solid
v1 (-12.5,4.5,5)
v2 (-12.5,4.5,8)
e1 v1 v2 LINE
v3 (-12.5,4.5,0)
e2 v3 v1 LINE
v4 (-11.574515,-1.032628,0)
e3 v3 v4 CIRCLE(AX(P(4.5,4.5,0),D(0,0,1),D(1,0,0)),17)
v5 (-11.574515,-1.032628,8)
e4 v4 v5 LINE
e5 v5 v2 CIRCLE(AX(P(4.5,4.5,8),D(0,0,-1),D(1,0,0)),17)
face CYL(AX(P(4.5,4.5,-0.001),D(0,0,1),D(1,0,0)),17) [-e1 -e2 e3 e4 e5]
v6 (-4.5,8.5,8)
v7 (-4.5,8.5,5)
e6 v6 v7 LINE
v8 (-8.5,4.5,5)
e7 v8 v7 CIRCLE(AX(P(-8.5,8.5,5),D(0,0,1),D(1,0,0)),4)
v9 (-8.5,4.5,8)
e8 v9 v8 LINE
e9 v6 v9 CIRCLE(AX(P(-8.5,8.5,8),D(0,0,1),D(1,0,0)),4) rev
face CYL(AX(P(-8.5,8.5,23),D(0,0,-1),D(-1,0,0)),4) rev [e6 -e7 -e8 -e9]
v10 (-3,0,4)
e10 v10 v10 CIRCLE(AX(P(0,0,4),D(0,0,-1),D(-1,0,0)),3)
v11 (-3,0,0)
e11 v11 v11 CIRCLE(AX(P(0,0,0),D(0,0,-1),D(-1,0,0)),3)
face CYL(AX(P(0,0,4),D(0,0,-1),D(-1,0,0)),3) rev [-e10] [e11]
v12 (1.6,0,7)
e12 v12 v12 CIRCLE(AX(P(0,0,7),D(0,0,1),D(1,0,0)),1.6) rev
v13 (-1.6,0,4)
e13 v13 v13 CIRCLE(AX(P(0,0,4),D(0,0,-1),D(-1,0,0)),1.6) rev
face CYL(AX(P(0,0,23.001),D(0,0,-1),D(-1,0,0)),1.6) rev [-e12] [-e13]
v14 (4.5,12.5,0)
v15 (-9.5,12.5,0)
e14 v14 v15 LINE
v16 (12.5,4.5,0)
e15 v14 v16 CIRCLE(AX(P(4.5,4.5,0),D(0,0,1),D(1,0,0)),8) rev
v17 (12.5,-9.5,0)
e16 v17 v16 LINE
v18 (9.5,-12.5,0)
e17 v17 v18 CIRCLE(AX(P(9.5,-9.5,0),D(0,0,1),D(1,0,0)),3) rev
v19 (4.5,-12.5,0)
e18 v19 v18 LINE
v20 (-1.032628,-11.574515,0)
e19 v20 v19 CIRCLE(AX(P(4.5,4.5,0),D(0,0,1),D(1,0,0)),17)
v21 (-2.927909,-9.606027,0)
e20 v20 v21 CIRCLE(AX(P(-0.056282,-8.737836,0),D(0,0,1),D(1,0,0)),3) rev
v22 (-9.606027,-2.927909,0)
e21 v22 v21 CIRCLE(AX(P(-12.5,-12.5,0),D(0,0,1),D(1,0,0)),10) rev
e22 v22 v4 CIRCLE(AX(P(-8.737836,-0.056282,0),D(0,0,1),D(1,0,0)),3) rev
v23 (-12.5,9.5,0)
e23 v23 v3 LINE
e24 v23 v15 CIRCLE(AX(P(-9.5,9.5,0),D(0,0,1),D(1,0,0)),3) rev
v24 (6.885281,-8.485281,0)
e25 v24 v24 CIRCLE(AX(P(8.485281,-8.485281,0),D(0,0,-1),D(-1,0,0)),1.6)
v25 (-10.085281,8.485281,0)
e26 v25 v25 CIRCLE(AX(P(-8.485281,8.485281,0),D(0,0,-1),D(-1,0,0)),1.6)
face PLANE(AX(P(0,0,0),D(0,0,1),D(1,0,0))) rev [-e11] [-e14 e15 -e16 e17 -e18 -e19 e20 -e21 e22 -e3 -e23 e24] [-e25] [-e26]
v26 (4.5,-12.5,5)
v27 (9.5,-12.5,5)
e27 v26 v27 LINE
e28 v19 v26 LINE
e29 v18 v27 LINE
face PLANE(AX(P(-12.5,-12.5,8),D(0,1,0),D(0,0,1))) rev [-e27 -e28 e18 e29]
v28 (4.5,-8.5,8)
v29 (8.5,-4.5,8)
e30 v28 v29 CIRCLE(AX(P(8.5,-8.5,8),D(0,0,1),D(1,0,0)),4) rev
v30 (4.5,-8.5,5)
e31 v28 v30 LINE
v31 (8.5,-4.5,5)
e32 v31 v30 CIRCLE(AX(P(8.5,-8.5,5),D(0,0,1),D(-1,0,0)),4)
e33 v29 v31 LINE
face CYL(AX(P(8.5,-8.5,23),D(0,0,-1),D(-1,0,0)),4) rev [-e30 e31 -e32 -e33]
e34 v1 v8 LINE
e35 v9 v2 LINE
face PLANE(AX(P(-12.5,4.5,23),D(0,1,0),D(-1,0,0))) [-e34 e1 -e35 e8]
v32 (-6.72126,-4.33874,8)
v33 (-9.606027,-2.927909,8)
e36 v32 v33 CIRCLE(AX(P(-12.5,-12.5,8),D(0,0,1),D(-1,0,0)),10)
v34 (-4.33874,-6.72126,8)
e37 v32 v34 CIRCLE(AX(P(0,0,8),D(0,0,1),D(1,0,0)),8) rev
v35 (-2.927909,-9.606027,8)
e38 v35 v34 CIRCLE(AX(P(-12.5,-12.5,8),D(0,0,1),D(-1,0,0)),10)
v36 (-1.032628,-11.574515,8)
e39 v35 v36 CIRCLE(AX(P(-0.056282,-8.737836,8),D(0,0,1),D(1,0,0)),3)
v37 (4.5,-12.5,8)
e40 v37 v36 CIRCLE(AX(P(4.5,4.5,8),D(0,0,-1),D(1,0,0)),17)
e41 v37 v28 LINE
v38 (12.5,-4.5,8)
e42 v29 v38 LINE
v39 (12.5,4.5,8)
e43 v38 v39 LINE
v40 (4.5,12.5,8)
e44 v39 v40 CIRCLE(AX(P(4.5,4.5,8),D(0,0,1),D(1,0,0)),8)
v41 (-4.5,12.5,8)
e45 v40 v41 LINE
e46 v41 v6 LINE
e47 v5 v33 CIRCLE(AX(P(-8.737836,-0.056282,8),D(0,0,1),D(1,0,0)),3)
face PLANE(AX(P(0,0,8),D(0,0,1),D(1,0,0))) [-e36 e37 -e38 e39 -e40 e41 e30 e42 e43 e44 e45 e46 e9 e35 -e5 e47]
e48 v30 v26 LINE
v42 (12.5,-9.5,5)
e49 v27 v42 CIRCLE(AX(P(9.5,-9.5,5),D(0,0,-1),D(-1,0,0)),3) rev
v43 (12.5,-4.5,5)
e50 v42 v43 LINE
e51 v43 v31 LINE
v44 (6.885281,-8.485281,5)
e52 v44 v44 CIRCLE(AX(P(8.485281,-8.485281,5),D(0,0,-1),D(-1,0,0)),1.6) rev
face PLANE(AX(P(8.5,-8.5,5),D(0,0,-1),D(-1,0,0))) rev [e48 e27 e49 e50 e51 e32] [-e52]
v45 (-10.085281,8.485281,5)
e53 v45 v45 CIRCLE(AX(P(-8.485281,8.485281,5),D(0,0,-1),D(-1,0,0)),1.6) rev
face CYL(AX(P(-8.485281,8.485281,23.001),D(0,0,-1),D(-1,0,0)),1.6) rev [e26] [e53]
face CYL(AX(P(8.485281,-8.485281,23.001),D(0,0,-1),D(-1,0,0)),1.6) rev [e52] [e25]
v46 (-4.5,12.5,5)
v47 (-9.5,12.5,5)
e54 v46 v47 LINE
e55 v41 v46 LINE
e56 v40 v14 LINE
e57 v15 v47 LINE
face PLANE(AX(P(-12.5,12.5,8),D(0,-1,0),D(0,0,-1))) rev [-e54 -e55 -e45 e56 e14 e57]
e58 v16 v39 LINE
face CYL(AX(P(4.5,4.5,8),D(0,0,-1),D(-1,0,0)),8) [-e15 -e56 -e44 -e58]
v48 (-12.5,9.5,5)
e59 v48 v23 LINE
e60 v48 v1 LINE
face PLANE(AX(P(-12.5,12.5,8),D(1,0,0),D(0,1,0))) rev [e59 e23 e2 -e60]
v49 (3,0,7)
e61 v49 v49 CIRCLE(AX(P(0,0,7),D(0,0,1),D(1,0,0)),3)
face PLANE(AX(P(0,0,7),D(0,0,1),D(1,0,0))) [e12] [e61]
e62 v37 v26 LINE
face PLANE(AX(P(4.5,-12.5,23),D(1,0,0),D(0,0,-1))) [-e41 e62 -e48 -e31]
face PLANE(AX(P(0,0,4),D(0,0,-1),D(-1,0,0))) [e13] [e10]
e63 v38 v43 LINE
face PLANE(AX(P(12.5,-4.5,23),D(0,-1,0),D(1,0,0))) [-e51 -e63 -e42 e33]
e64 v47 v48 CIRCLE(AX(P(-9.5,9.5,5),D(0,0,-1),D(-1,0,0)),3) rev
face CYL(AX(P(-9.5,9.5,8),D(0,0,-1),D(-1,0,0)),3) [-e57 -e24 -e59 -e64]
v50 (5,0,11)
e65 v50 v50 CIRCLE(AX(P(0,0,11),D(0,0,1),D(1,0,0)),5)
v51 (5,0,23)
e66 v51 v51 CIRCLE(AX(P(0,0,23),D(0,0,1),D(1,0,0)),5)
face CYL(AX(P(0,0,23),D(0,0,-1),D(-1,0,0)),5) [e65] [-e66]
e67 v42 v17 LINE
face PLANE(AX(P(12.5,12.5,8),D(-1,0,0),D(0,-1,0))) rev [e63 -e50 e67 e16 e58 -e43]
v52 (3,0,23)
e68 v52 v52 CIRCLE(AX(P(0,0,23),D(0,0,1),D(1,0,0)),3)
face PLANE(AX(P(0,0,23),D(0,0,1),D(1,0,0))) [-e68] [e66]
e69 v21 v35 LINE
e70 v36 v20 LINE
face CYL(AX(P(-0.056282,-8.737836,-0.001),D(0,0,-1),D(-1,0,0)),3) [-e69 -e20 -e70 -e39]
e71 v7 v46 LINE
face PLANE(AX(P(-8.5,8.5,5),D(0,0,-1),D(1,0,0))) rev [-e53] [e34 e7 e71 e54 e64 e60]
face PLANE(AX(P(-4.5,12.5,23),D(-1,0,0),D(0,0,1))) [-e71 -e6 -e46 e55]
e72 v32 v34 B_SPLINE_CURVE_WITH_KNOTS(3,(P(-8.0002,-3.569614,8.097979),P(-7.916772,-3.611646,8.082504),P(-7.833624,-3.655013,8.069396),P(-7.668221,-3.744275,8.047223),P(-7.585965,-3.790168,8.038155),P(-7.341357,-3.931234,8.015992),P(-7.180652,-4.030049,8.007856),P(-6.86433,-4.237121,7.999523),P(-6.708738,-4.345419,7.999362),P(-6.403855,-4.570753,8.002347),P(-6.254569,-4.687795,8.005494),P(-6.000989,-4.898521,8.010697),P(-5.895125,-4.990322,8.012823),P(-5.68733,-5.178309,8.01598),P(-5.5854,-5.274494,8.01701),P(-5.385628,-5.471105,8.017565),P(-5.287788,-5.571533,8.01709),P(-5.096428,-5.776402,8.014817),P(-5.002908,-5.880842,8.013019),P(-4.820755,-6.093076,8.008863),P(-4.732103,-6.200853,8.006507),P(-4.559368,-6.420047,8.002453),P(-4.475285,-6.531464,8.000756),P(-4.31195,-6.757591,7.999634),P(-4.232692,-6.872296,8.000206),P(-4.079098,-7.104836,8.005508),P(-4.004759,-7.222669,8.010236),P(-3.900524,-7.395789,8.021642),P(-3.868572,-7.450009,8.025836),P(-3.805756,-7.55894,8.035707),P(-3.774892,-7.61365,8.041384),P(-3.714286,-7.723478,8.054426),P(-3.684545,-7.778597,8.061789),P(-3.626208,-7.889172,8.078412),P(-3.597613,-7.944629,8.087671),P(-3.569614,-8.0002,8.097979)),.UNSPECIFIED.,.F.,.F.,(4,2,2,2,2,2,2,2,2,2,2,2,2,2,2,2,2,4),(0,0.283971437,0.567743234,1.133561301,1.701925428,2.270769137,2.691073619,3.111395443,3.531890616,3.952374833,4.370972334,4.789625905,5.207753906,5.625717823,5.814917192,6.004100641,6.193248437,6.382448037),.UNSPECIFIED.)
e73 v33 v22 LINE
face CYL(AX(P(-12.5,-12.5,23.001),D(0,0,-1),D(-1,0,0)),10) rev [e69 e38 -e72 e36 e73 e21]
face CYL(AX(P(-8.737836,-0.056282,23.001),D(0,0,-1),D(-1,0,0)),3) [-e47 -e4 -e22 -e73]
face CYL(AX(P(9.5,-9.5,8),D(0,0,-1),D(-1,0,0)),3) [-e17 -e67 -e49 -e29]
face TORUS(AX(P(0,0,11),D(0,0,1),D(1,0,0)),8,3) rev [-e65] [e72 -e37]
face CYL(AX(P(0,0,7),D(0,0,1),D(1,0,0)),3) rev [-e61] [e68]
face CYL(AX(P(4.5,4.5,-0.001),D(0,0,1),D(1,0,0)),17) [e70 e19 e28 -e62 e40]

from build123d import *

# Parameters (mm, degrees)
SCHIZZO1_W                           = 25
SCHIZZO1_H                           = 25
ESTRUSIONE_ESTRUSIONE1_DEPTH         = 8
SCHIZZO8_R                           = 5
ESTRUSIONE_ESTRUSIONE3_DEPTH         = 15
RACCORDO1_R                          = 3
TAGLIO_ESTRUSIONE2_REACH             = 25
SCHIZZO9_R                           = 1.6
SCHIZZO10_R                          = 3
TAGLIO_ESTRUSIONE3_DEPTH             = 4
SCHIZZO11_R                          = 3
TAGLIO_ESTRUSIONE4_DEPTH             = 16
TAGLIO_ESTRUSIONE6_REACH             = 25
SCHIZZO13_R                          = 1.6
TAGLIO_ESTRUSIONE8_START             = -3
TAGLIO_ESTRUSIONE8_DEPTH             = 19
RIPETIZIONECIRCOLARE1_COUNT          = 2
RIPETIZIONECIRCOLARE1_ANGLE          = 180
TAGLIO_ESTRUSIONE9_REACH             = 10
TAGLIO_ESTRUSIONE9_DIRECTION_2_REACH = 17
RACCORDO2_R                          = 3
RACCORDO3_R                          = 3
RACCORDO4_R                          = 8


with BuildPart() as part:
    # Schizzo1 → Estrusione-Estrusione1 (new body)
    with BuildSketch(Plane.XY):
        Rectangle(SCHIZZO1_W, SCHIZZO1_H)
    extrude(amount=ESTRUSIONE_ESTRUSIONE1_DEPTH)

    # Schizzo8 → Estrusione-Estrusione3 (add)
    with BuildSketch(Plane.XY.offset(8)):
        Circle(SCHIZZO8_R)
    extrude(amount=ESTRUSIONE_ESTRUSIONE3_DEPTH)

    # Raccordo1
    raccordo1_edges = [part.edges().sort_by_distance(p)[0] for p in [
        (-5, 0, 8),
    ]]
    fillet(raccordo1_edges, radius=RACCORDO1_R)

    # Schizzo9 → Taglio-Estrusione2 (cut, up to next)
    with BuildSketch(Plane(origin=(0, 0, 0), x_dir=(-1, 0, 0), z_dir=(0, 0, -1)), mode=Mode.PRIVATE) as taglio_estrusione2_sk1:
        Circle(SCHIZZO9_R)
    taglio_estrusione2_tool1 = extrude(taglio_estrusione2_sk1.sketch, amount=-TAGLIO_ESTRUSIONE2_REACH, mode=Mode.PRIVATE) & part.part
    add(taglio_estrusione2_tool1.solids().sort_by_distance((0, 0, 0))[0], mode=Mode.SUBTRACT)

    # Schizzo10 → Taglio-Estrusione3 (cut)
    with BuildSketch(Plane(origin=(0, 0, 0), x_dir=(-1, 0, 0), z_dir=(0, 0, -1))):
        Circle(SCHIZZO10_R)
    extrude(amount=-TAGLIO_ESTRUSIONE3_DEPTH, mode=Mode.SUBTRACT)

    # Schizzo11 → Taglio-Estrusione4 (cut)
    with BuildSketch(Plane.XY.offset(23)):
        Circle(SCHIZZO11_R)
    extrude(amount=-TAGLIO_ESTRUSIONE4_DEPTH, mode=Mode.SUBTRACT)

    # Schizzo13 → Taglio-Estrusione6 (cut, up to next)
    with BuildSketch(Plane(origin=(0, 0, 0), x_dir=(-1, 0, 0), z_dir=(0, 0, -1)), mode=Mode.PRIVATE) as taglio_estrusione6_sk1:
        with Locations((-8.485281374, -8.485281374)):
            Circle(SCHIZZO13_R)
    taglio_estrusione6_tool1 = extrude(taglio_estrusione6_sk1.sketch, amount=-TAGLIO_ESTRUSIONE6_REACH, mode=Mode.PRIVATE) & part.part
    add(taglio_estrusione6_tool1.solids().sort_by_distance((8.485281, -8.485281, 0))[0], mode=Mode.SUBTRACT)
    # Schizzo13 → Taglio-Estrusione6 (cut, up to next)
    with BuildSketch(Plane(origin=(0, 0, 0), x_dir=(-1, 0, 0), z_dir=(0, 0, -1)), mode=Mode.PRIVATE) as taglio_estrusione6_sk2:
        with Locations((8.485281374, 8.485281374)):
            Circle(SCHIZZO13_R)
    taglio_estrusione6_tool2 = extrude(taglio_estrusione6_sk2.sketch, amount=-TAGLIO_ESTRUSIONE6_REACH, mode=Mode.PRIVATE) & part.part
    add(taglio_estrusione6_tool2.solids().sort_by_distance((-8.485281, 8.485281, 0))[0], mode=Mode.SUBTRACT)

    # Schizzo17 → Taglio-Estrusione8 (cut)
    with BuildSketch(Plane.XY.offset(8).offset(TAGLIO_ESTRUSIONE8_START)):
        with BuildLine():
            Line((4.5, -12.5), (4.5, -8.5))
            ThreePointArc((4.5, -8.5), (5.671572875, -5.671572875), (8.5, -4.5))
            Line((8.5, -4.5), (12.5, -4.5))
            Line((12.5, -4.5), (12.5, -12.5))
            Line((12.5, -12.5), (4.5, -12.5))
        make_face()
    taglio_estrusione8 = extrude(amount=TAGLIO_ESTRUSIONE8_DEPTH, mode=Mode.SUBTRACT)

    # RipetizioneCircolare1: Taglio-Estrusione8 ×2 about axis
    ripetizionecircolare1_axis = Axis((0, 0, 0), (0, 0, 1))
    for i in range(1, RIPETIZIONECIRCOLARE1_COUNT):
        add(taglio_estrusione8.rotate(ripetizionecircolare1_axis, i * RIPETIZIONECIRCOLARE1_ANGLE / (RIPETIZIONECIRCOLARE1_COUNT - 1)), mode=Mode.SUBTRACT)

    # Schizzo20 → Taglio-Estrusione9 (cut, up to next)
    with BuildSketch(Plane.XY.offset(8), mode=Mode.PRIVATE) as taglio_estrusione9_sk1:
        with BuildLine():
            Line((-12.5, -12.5), (4.5, -12.5))
            ThreePointArc((4.5, -12.5), (0.853575925, -12.104324481), (-2.623106886, -10.935716643))
            ThreePointArc((-2.623106886, -10.935716643), (-5.428932188, -5.428932188), (-10.935716643, -2.623106886))
            ThreePointArc((-10.935716643, -2.623106886), (-12.104324481, 0.853575925), (-12.5, 4.5))
            Line((-12.5, 4.5), (-12.5, -12.5))
        make_face()
    taglio_estrusione9_tool1 = extrude(taglio_estrusione9_sk1.sketch, amount=-TAGLIO_ESTRUSIONE9_REACH, mode=Mode.PRIVATE) & part.part
    add(taglio_estrusione9_tool1.solids().sort_by_distance((-8.104879, -8.104879, 8))[0], mode=Mode.SUBTRACT)

    # Schizzo20 → Taglio-Estrusione9 direction 2 (cut, up to next)
    with BuildSketch(Plane.XY.offset(8), mode=Mode.PRIVATE) as taglio_estrusione9_direction_2_sk1:
        with BuildLine():
            Line((-12.5, -12.5), (4.5, -12.5))
            ThreePointArc((4.5, -12.5), (0.853575925, -12.104324481), (-2.623106886, -10.935716643))
            ThreePointArc((-2.623106886, -10.935716643), (-5.428932188, -5.428932188), (-10.935716643, -2.623106886))
            ThreePointArc((-10.935716643, -2.623106886), (-12.104324481, 0.853575925), (-12.5, 4.5))
            Line((-12.5, 4.5), (-12.5, -12.5))
        make_face()
    taglio_estrusione9_direction_2_tool1 = extrude(taglio_estrusione9_direction_2_sk1.sketch, amount=TAGLIO_ESTRUSIONE9_DIRECTION_2_REACH, mode=Mode.PRIVATE) & part.part
    add(taglio_estrusione9_direction_2_tool1.solids().sort_by_distance((-8.104879, -8.104879, 8))[0], mode=Mode.SUBTRACT)

    # Raccordo2
    raccordo2_edges = [part.edges().sort_by_distance(p)[0] for p in [
        (-10.935716643, -2.623106886, 4),
        (-2.623106886, -10.935716643, 4),
    ]]
    fillet(raccordo2_edges, radius=RACCORDO2_R)

    # Raccordo3
    raccordo3_edges = [part.edges().sort_by_distance(p)[0] for p in [
        (12.5, -12.5, 2.5),
        (-12.5, 12.5, 2.5),
    ]]
    fillet(raccordo3_edges, radius=RACCORDO3_R)

    # Raccordo4
    raccordo4_edges = [part.edges().sort_by_distance(p)[0] for p in [
        (12.5, 12.5, 4),
    ]]
    fillet(raccordo4_edges, radius=RACCORDO4_R)


solid = part.part
